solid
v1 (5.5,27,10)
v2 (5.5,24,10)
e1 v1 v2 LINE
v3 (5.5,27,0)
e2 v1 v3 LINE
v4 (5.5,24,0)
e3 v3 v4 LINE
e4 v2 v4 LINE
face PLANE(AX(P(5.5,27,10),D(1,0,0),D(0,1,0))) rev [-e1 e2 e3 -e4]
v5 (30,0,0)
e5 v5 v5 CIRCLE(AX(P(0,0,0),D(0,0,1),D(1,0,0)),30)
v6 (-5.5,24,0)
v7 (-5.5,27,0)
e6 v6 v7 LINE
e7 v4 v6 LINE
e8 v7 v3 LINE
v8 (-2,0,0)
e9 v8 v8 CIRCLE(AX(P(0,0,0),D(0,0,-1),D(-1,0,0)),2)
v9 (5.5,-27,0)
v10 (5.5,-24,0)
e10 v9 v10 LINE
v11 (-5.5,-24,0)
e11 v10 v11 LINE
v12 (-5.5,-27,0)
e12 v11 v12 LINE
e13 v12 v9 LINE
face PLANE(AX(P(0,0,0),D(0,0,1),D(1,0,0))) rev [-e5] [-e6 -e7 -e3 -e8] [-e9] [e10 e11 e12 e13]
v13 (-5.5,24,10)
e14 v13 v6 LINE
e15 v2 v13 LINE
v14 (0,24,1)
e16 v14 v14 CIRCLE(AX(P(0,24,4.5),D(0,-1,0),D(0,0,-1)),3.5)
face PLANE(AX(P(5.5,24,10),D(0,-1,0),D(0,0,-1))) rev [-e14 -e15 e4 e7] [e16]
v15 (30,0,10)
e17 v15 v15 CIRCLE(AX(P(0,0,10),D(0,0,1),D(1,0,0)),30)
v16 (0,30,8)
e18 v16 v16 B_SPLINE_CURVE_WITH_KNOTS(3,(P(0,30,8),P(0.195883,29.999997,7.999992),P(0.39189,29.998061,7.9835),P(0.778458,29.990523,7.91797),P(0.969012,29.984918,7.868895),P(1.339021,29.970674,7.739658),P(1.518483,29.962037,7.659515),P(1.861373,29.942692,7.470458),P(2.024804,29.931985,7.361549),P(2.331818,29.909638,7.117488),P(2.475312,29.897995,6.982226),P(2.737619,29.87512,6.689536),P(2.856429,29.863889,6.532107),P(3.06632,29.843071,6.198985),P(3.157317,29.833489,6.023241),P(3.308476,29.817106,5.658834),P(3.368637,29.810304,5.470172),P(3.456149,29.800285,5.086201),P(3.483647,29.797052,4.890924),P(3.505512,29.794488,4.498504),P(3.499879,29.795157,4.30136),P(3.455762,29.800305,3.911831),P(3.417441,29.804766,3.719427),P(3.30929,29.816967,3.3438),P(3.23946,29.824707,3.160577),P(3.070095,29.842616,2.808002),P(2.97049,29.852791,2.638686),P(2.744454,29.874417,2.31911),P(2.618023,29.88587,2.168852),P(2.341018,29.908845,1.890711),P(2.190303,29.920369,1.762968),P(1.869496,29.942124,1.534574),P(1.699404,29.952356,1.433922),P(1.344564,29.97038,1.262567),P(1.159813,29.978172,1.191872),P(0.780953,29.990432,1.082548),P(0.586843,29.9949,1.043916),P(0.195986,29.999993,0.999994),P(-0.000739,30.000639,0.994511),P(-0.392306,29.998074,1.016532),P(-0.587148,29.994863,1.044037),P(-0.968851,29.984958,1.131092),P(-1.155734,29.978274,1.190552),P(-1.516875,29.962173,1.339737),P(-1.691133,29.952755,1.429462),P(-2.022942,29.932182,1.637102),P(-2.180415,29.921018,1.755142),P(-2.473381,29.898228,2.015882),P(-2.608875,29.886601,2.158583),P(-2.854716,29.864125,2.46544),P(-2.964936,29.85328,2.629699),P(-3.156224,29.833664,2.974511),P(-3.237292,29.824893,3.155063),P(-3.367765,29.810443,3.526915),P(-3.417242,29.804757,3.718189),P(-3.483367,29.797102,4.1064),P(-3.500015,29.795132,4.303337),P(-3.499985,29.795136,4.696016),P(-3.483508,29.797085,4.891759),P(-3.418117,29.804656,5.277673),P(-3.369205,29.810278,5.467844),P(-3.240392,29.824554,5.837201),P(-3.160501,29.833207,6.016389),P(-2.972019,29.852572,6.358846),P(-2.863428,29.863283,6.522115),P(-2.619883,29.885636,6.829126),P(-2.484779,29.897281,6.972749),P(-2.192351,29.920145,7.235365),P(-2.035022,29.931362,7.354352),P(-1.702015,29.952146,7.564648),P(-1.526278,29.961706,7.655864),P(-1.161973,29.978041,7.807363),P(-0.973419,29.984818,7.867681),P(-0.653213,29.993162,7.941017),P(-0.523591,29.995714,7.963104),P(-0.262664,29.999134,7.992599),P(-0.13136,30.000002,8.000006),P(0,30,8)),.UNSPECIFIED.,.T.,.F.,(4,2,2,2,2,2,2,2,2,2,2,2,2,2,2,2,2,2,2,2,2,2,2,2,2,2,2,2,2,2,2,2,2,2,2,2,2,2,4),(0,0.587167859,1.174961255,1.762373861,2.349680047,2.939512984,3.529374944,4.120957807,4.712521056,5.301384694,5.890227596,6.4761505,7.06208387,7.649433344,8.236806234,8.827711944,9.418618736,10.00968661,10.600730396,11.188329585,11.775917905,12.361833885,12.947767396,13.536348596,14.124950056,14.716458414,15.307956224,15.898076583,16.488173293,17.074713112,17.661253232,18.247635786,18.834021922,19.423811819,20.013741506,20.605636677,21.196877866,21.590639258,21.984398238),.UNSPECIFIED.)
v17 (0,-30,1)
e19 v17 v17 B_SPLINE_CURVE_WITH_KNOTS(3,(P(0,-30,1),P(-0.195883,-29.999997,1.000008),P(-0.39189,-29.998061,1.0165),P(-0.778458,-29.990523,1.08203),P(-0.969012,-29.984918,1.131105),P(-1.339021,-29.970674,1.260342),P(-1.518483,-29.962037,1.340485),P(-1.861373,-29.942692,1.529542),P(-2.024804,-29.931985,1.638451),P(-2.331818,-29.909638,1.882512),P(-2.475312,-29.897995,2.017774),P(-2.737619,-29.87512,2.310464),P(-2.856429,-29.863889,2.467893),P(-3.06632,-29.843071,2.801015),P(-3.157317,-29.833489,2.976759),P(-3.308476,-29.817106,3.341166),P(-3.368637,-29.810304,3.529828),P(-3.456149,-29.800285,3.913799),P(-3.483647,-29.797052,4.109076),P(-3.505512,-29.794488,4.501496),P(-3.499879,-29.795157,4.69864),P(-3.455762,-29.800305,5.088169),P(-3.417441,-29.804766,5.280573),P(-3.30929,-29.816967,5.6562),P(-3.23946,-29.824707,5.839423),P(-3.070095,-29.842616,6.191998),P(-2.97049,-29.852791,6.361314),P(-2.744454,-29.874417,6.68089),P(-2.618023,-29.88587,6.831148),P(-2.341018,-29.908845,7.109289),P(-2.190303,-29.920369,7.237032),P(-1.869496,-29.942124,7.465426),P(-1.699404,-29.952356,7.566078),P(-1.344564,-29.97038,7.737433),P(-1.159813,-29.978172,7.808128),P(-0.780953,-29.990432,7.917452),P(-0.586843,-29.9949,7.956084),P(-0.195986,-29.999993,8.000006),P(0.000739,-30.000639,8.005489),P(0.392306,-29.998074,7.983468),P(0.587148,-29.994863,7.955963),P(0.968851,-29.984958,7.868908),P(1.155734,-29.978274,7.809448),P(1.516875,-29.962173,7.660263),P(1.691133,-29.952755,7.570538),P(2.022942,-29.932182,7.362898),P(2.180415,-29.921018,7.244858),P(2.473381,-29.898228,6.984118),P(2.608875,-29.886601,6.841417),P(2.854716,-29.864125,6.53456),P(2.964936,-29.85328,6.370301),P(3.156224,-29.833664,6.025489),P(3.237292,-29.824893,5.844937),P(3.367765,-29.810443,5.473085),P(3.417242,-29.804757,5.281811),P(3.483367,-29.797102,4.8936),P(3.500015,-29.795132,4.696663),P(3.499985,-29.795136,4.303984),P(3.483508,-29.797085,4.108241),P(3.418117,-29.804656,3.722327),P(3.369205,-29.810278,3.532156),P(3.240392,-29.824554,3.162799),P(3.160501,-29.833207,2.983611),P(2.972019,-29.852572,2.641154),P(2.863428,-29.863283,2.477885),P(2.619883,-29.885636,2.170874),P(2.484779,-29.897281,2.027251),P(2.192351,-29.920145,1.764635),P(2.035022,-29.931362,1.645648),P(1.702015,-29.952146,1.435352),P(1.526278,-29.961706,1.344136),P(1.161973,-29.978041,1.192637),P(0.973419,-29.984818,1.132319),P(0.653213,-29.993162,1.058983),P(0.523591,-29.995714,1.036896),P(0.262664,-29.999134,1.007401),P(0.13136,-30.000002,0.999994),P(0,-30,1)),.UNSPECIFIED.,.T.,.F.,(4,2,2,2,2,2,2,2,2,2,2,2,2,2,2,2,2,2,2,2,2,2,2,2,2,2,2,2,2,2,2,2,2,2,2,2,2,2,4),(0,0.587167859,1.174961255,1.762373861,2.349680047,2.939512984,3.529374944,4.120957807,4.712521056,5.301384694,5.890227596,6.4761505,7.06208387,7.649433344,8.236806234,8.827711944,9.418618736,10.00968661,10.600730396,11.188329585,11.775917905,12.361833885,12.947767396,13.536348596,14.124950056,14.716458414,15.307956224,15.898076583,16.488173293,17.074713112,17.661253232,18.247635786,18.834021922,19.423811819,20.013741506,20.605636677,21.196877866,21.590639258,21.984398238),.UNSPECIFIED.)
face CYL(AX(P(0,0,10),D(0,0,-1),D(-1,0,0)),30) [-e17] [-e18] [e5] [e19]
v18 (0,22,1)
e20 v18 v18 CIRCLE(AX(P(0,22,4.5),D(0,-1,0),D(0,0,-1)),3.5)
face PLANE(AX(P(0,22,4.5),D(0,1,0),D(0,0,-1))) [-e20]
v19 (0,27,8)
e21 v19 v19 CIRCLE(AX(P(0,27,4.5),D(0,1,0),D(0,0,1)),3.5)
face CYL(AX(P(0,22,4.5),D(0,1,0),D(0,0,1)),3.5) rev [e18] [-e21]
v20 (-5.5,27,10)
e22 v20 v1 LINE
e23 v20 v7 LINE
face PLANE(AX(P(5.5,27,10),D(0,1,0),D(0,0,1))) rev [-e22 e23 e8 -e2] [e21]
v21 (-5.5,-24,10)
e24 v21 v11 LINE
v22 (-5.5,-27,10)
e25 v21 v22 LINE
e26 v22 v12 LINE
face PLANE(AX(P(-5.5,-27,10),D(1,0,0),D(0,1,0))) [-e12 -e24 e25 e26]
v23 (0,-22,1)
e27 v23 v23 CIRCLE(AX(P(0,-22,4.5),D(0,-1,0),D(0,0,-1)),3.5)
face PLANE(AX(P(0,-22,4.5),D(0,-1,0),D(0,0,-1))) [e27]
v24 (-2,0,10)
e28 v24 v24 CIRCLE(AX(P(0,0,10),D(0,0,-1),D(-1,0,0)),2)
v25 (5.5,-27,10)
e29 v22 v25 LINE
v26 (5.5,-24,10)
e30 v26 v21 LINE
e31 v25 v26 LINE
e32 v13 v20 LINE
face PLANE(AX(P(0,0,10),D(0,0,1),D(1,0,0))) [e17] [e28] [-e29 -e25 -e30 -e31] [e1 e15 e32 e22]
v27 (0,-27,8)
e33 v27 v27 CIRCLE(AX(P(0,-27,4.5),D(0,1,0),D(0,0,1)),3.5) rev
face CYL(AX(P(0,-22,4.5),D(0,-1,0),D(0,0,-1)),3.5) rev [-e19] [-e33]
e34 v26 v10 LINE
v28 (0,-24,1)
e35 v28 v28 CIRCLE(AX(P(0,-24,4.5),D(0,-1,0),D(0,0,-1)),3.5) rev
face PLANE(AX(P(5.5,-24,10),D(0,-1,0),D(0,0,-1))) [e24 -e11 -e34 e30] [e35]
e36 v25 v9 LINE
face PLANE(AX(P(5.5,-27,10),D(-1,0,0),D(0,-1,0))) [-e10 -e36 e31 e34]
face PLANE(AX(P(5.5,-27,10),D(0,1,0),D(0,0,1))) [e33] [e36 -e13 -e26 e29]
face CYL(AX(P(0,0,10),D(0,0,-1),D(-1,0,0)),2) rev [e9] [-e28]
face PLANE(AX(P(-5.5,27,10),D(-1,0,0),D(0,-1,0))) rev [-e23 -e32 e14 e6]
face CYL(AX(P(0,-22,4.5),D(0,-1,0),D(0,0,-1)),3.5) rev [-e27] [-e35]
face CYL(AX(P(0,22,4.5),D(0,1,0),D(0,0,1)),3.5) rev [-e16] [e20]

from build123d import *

# Parameters (mm, degrees)
SKETCH1_R           = 30
BOSS_EXTRUDE1_DEPTH = 10
SKETCH10_R          = 3.5
CUT_EXTRUDE6_DEPTH  = 8
SKETCH23_W          = 11
SKETCH23_H          = 3
CUT_EXTRUDE8_DEPTH  = 10
SKETCH24_R          = 2
CUT_EXTRUDE9_DEPTH  = 10


with BuildPart() as part:
    # Sketch1 → Boss-Extrude1 (new body)
    with BuildSketch(Plane.XY):
        Circle(SKETCH1_R)
    extrude(amount=BOSS_EXTRUDE1_DEPTH)

    # Sketch10 → Cut-Extrude6 (cut)
    with BuildSketch(Plane(origin=(0, -30, 0), x_dir=(-1, 0, 0), z_dir=(0, -1, 0))):
        with Locations(Location((0, -4.5, 0), (0, 0, 90))):
            Circle(SKETCH10_R)
    cut_extrude6 = extrude(amount=-CUT_EXTRUDE6_DEPTH, mode=Mode.SUBTRACT)

    # Mirror2: Cut-Extrude6 across plane
    add(cut_extrude6.mirror(Plane.ZX), mode=Mode.SUBTRACT)

    # Sketch23 → Cut-Extrude8 (cut)
    with BuildSketch(Plane(origin=(0, 0, 0), x_dir=(-1, 0, 0), z_dir=(0, 0, -1))):
        with Locations((0, 25.5)):
            Rectangle(SKETCH23_W, SKETCH23_H)
    cut_extrude8 = extrude(amount=-CUT_EXTRUDE8_DEPTH, mode=Mode.SUBTRACT)

    # Mirror3: Cut-Extrude8 across plane
    add(cut_extrude8.mirror(Plane.ZX), mode=Mode.SUBTRACT)

    # Sketch24 → Cut-Extrude9 (cut)
    with BuildSketch(Plane(origin=(0, 0, 0), x_dir=(-1, 0, 0), z_dir=(0, 0, -1))):
        Circle(SKETCH24_R)
    extrude(amount=-CUT_EXTRUDE9_DEPTH, mode=Mode.SUBTRACT)


solid = part.part
